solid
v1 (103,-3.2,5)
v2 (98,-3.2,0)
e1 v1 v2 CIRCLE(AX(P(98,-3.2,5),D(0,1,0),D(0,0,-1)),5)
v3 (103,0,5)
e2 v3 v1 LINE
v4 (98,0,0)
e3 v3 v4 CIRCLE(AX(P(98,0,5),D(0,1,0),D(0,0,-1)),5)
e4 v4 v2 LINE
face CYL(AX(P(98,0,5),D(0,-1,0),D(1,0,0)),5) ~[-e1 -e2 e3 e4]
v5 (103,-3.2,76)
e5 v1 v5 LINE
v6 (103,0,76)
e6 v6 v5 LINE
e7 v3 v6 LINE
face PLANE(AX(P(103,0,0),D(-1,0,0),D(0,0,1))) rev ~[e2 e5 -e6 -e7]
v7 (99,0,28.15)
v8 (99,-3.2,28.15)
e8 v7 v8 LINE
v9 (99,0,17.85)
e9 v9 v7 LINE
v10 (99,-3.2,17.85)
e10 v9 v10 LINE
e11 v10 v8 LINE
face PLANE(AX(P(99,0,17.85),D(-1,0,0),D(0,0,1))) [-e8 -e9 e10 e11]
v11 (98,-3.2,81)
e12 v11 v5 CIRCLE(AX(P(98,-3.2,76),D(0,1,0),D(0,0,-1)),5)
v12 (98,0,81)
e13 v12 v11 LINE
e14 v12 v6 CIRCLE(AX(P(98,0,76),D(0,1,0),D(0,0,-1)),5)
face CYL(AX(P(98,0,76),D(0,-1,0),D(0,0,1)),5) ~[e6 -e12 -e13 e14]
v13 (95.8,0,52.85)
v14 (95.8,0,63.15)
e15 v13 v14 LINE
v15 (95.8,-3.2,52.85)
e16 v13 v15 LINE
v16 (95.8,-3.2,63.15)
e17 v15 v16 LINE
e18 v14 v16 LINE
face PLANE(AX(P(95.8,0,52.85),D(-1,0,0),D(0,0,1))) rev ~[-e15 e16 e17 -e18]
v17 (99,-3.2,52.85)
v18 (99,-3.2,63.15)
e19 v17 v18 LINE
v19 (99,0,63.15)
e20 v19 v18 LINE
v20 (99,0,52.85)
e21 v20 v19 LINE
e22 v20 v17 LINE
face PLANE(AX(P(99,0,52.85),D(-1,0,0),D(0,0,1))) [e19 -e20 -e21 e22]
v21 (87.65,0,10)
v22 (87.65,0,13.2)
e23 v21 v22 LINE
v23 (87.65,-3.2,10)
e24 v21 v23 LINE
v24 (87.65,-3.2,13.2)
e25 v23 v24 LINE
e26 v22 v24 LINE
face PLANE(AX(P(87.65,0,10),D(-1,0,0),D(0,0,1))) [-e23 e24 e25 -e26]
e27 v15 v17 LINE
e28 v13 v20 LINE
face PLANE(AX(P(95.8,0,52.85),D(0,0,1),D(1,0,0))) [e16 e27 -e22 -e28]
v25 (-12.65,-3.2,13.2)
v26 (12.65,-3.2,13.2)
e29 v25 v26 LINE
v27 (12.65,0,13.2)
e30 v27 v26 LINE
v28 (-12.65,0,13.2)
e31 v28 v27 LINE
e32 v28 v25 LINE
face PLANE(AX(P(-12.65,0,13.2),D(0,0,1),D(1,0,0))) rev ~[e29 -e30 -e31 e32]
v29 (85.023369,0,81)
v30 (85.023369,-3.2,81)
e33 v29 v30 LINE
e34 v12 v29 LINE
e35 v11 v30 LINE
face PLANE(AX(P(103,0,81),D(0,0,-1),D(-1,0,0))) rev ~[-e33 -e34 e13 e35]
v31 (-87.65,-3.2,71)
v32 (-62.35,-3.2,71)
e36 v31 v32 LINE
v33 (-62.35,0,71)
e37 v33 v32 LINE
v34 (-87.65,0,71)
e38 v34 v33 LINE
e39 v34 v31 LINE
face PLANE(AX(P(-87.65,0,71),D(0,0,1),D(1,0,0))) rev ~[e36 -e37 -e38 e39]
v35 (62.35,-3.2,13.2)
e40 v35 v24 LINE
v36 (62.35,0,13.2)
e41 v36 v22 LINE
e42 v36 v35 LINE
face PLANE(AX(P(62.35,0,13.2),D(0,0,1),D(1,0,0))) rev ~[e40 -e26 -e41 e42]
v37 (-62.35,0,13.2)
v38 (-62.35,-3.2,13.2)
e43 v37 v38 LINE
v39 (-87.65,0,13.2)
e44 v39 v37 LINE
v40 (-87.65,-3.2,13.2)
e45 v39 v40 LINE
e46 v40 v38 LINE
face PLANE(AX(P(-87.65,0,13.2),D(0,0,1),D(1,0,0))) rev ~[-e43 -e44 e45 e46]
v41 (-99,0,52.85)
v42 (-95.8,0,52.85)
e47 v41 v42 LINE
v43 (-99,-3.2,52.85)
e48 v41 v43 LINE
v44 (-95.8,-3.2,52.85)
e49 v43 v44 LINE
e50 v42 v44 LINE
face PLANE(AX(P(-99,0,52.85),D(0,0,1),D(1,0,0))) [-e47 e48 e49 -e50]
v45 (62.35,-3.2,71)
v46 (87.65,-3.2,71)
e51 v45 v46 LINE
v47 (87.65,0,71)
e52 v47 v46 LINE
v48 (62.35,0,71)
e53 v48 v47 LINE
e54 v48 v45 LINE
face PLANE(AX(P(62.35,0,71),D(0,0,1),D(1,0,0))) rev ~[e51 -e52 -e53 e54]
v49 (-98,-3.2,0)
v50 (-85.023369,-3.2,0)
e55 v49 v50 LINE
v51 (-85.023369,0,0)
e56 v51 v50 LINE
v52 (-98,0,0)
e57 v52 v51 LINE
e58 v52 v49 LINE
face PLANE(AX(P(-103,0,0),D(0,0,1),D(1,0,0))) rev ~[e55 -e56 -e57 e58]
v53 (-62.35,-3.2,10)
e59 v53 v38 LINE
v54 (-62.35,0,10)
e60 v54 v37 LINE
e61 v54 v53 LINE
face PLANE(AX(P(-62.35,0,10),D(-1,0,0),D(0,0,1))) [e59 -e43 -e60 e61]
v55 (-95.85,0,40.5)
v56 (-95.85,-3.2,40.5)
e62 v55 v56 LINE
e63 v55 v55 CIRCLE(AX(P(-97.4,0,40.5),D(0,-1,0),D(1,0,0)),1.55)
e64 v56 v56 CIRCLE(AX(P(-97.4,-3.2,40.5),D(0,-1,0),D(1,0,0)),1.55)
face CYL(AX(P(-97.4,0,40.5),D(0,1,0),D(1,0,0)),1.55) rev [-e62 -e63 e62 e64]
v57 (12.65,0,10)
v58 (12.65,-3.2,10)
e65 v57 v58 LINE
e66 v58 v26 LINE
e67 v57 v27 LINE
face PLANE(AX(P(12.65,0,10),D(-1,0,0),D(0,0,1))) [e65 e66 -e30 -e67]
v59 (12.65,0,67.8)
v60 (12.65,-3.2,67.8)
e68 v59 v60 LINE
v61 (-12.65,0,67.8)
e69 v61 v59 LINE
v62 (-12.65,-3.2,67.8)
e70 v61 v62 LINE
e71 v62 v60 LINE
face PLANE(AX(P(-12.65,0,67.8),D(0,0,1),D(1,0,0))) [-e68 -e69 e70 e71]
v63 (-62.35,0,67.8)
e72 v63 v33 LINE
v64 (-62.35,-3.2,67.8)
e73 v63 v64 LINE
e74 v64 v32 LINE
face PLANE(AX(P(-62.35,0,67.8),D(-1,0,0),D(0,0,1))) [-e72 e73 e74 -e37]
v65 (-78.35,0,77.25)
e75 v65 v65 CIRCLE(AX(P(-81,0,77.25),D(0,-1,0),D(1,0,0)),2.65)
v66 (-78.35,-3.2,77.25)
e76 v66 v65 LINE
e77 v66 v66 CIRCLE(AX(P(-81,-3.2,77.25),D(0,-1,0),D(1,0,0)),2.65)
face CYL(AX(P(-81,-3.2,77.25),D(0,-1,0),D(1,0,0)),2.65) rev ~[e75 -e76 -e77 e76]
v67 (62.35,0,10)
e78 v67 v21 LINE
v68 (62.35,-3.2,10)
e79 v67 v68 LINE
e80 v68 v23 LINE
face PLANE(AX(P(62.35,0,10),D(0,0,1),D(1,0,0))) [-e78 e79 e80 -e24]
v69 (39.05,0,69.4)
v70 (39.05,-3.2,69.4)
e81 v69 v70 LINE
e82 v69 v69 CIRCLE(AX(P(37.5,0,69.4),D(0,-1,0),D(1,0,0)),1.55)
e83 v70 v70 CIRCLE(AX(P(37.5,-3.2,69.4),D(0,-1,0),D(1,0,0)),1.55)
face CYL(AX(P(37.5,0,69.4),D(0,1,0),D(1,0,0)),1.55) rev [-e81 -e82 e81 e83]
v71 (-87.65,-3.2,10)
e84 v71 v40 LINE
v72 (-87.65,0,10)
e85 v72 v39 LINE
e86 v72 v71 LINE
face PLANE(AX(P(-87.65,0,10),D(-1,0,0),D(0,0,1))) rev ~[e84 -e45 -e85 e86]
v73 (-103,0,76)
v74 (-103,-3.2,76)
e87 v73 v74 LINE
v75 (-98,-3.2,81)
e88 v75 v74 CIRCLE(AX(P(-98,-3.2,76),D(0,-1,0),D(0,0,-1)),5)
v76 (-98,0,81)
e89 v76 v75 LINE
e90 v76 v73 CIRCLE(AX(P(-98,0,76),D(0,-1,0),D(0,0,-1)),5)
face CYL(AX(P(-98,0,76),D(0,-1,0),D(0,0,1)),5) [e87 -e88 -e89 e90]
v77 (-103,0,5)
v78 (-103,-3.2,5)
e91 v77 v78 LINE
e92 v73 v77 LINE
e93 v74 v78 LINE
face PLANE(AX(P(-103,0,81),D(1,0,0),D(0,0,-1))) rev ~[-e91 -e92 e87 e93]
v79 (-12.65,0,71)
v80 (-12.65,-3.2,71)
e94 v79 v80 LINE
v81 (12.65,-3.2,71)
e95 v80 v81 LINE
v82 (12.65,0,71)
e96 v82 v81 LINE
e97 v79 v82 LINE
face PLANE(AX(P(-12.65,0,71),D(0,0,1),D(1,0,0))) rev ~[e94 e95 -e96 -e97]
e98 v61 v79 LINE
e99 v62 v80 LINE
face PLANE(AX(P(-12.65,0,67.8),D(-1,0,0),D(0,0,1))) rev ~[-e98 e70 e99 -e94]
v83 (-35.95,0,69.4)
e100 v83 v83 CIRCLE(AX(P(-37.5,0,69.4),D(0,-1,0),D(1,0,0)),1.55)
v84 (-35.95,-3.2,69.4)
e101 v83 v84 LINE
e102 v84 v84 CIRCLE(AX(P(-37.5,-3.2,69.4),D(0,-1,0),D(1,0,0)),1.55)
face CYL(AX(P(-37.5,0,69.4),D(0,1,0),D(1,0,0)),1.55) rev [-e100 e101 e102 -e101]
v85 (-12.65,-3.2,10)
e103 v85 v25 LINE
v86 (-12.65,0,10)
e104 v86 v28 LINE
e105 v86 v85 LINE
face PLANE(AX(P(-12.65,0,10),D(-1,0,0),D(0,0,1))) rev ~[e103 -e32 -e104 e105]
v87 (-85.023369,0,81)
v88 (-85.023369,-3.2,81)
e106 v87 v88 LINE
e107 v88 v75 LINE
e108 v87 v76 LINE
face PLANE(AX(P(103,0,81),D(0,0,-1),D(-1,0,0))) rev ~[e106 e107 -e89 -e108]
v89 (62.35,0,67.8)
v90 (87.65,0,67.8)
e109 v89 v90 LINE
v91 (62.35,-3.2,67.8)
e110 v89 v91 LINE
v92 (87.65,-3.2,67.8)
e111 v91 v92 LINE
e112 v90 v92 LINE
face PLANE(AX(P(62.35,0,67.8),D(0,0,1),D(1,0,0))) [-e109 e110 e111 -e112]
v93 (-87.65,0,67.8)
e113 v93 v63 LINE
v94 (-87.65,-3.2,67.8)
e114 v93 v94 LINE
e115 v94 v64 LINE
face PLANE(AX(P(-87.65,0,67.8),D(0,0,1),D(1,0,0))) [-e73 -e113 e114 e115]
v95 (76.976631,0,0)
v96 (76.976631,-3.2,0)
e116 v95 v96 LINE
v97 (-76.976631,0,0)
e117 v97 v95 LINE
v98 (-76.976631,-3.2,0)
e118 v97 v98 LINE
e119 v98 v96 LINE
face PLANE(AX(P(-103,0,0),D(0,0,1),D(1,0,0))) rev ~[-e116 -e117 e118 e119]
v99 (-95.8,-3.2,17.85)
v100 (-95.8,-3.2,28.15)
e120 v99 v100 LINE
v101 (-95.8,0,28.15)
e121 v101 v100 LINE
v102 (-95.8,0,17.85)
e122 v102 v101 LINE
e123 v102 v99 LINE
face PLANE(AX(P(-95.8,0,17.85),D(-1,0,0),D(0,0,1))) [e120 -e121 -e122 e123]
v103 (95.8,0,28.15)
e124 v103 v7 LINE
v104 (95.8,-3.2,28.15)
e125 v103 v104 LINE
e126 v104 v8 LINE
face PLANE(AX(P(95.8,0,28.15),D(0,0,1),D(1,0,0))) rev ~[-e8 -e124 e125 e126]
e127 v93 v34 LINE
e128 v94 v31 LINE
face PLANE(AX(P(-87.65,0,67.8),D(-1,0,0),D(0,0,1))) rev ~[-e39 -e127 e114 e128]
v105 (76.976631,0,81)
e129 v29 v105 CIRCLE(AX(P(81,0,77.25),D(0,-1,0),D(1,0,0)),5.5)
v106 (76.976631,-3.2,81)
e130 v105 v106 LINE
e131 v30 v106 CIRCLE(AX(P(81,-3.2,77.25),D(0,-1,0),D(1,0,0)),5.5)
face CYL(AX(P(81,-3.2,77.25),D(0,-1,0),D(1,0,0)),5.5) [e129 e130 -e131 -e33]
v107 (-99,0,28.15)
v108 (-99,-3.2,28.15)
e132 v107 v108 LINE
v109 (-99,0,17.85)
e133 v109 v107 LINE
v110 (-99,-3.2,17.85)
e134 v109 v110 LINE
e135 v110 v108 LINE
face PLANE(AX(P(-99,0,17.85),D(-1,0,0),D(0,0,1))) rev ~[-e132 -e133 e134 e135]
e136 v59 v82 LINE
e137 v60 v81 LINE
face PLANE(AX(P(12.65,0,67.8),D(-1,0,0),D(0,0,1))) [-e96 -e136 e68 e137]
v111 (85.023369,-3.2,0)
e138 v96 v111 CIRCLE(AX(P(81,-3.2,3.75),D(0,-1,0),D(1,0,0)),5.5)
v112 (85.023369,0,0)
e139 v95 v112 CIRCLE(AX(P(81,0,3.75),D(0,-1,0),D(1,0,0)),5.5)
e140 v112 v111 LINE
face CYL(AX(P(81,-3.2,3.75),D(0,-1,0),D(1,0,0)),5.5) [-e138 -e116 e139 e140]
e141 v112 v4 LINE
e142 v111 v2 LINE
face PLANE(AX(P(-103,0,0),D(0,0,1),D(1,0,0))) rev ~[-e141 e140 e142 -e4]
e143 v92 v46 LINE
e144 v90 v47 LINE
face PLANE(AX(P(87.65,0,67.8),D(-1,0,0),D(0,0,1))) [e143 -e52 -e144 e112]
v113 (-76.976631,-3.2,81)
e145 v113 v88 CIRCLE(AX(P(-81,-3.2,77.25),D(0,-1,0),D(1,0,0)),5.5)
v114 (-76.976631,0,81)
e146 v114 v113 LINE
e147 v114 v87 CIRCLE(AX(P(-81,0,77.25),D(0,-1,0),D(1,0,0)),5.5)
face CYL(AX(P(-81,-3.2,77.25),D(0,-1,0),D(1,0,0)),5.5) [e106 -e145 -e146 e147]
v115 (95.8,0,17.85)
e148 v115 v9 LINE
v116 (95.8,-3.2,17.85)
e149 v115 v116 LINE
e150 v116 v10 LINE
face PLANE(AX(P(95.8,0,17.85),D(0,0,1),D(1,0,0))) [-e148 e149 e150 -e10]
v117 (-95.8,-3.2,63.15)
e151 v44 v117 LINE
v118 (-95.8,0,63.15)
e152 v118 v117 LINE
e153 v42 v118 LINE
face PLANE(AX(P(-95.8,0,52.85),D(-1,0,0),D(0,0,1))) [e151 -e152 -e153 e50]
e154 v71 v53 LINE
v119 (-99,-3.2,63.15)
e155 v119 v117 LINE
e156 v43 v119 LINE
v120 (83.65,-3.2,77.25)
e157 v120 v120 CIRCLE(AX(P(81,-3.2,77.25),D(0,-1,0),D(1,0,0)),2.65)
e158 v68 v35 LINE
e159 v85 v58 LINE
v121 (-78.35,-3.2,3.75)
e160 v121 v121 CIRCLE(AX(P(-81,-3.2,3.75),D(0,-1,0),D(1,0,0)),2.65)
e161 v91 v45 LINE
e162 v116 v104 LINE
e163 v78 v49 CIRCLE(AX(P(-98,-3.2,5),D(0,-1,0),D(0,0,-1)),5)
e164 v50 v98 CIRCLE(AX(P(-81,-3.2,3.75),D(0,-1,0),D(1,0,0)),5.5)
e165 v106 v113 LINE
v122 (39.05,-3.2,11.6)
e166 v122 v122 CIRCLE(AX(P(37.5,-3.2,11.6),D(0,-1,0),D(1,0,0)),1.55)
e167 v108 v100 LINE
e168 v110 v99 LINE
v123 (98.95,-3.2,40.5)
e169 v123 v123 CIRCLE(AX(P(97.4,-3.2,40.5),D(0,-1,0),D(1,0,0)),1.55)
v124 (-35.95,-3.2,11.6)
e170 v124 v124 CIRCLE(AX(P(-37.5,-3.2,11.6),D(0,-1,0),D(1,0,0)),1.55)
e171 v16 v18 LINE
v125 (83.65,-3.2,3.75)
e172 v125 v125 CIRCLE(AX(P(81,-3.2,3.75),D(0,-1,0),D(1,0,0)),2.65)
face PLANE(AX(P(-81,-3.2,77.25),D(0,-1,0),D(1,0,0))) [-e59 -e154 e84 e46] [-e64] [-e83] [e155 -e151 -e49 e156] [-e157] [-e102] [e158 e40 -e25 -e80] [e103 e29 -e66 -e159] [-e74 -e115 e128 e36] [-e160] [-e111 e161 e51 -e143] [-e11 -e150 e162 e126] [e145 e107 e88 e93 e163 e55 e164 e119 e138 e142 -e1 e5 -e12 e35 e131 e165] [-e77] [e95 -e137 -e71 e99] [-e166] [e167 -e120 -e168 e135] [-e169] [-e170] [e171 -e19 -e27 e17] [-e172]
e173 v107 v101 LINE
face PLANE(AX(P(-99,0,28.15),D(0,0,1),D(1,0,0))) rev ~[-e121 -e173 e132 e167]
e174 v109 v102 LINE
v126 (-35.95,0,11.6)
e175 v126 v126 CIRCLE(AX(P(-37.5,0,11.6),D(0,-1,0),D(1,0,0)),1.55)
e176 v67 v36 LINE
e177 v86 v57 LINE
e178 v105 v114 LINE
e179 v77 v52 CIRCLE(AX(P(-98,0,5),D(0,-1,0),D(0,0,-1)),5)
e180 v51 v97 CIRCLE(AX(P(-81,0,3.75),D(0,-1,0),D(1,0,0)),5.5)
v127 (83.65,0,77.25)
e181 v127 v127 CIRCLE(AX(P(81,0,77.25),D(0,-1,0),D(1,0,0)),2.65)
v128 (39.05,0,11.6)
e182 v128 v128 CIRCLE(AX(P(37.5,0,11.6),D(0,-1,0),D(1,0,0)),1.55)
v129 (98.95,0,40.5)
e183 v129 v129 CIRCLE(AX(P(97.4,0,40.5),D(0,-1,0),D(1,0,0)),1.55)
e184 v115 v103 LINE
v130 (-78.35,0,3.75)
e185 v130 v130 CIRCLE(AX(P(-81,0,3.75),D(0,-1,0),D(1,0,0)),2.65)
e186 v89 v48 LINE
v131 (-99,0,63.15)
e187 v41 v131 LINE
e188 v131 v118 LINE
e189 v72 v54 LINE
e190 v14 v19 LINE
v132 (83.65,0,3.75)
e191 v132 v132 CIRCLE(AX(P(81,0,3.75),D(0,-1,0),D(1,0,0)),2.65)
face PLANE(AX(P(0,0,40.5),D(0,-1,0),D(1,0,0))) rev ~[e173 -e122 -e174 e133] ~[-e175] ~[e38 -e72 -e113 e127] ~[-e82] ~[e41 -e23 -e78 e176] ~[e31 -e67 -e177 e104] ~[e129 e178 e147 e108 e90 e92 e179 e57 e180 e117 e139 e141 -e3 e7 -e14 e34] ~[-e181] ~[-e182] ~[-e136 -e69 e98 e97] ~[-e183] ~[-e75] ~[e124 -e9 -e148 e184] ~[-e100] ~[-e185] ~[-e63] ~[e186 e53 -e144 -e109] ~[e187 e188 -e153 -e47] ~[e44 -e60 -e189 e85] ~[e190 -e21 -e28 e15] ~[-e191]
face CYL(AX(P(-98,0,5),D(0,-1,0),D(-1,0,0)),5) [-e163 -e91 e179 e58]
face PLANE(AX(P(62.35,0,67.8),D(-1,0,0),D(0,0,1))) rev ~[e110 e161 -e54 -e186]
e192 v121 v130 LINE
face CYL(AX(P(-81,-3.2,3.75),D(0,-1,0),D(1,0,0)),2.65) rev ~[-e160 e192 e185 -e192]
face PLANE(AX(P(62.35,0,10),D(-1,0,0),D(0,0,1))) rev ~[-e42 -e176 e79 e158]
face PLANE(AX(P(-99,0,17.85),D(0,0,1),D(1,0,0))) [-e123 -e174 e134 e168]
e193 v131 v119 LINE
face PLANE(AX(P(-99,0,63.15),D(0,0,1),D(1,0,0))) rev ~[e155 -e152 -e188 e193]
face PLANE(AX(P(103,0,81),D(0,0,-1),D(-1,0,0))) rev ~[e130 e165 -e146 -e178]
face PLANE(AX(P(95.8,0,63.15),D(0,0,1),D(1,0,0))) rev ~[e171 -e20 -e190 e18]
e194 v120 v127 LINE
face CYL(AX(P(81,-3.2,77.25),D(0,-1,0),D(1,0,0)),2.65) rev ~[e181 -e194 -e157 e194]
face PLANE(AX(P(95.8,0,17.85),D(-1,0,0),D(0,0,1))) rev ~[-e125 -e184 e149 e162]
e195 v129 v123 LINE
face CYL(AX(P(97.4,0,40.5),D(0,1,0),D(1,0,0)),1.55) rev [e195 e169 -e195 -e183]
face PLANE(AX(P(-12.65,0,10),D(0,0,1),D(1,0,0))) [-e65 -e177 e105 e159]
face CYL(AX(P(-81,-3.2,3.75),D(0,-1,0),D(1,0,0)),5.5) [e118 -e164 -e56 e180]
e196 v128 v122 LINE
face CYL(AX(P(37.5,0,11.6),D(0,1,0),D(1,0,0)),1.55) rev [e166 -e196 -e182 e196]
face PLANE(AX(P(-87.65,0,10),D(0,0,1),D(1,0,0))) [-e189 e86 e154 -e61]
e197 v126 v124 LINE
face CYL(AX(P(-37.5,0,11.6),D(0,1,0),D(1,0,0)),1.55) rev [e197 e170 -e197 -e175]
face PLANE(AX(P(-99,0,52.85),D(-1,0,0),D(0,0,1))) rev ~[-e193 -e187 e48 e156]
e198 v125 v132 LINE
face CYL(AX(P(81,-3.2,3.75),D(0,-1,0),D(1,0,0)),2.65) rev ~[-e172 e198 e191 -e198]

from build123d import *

# Parameters (mm, degrees)
F1_W     = 25.3
F1_H     = 3.2
F1_R     = 1.55
F1_W_2   = 3.2
F1_H_2   = 10.3
F2_DEPTH = 3.2
F4_R     = 5.5
F5_DEPTH = 3.2
F3_R     = 2.65
F6_DEPTH = 3.201
F7_R     = 5


with BuildPart() as f2:
    # F1 (on Front) → F2 (new body)
    with BuildSketch(Plane.XZ):
        Polygon((-99, 81), (-103, 81), (-103, 0), (-99, 0), (99, 0), (103, 0), (103, 81), (99, 81), align=None)
        with Locations((-75, 11.6)):
            Rectangle(F1_W, F1_H, mode=Mode.SUBTRACT)
        with Locations((-37.5, 11.6)):
            Circle(F1_R, mode=Mode.SUBTRACT)
        with Locations((0, 11.6)):
            Rectangle(F1_W, F1_H, mode=Mode.SUBTRACT)
        with Locations((-97.4, 23)):
            Rectangle(F1_W_2, F1_H_2, mode=Mode.SUBTRACT)
        with Locations((37.5, 11.6)):
            Circle(F1_R, mode=Mode.SUBTRACT)
        with Locations((75, 11.6)):
            Rectangle(F1_W, F1_H, mode=Mode.SUBTRACT)
        with Locations((97.4, 23)):
            Rectangle(F1_W_2, F1_H_2, mode=Mode.SUBTRACT)
        with Locations((-97.4, 40.5)):
            Circle(F1_R, mode=Mode.SUBTRACT)
        with Locations((-97.4, 58)):
            Rectangle(F1_W_2, F1_H_2, mode=Mode.SUBTRACT)
        with Locations((-75, 69.4)):
            Rectangle(F1_W, F1_H, mode=Mode.SUBTRACT)
        with Locations((-37.5, 69.4)):
            Circle(F1_R, mode=Mode.SUBTRACT)
        with Locations((0, 69.4)):
            Rectangle(F1_W, F1_H, mode=Mode.SUBTRACT)
        with Locations((97.4, 40.5)):
            Circle(F1_R, mode=Mode.SUBTRACT)
        with Locations((97.4, 58)):
            Rectangle(F1_W_2, F1_H_2, mode=Mode.SUBTRACT)
        with Locations((37.5, 69.4)):
            Circle(F1_R, mode=Mode.SUBTRACT)
        with Locations((75, 69.4)):
            Rectangle(F1_W, F1_H, mode=Mode.SUBTRACT)
    extrude(amount=F2_DEPTH)

    # F4 (on face) → F5 (join, through all)
    with BuildSketch(Plane.XZ.offset(3.2)):
        with Locations((-81, 77.25)):
            Circle(F4_R)
        with Locations((81, 77.25)):
            Circle(F4_R)
        with Locations((81, 3.75)):
            Circle(F4_R)
        with Locations((-81, 3.75)):
            Circle(F4_R)
    extrude(amount=-F5_DEPTH)

    # F3 (on face) → F6 (cut, through all)
    with BuildSketch(Plane.XZ.offset(3.2)):
        with Locations((-81, 77.25)):
            Circle(F3_R)
        with Locations((-81, 3.75)):
            Circle(F3_R)
        with Locations((81, 3.75)):
            Circle(F3_R)
        with Locations((81, 77.25)):
            Circle(F3_R)
    extrude(amount=-F6_DEPTH, mode=Mode.SUBTRACT)

    # F7
    f7_edges = [f2.edges().sort_by_distance(p)[0] for p in [
        (-103, -1.6, 81),
        (-103, -1.6, 0),
        (103, -1.6, 0),
        (103, -1.6, 81),
    ]]
    fillet(f7_edges, radius=F7_R)


solid = f2.part
